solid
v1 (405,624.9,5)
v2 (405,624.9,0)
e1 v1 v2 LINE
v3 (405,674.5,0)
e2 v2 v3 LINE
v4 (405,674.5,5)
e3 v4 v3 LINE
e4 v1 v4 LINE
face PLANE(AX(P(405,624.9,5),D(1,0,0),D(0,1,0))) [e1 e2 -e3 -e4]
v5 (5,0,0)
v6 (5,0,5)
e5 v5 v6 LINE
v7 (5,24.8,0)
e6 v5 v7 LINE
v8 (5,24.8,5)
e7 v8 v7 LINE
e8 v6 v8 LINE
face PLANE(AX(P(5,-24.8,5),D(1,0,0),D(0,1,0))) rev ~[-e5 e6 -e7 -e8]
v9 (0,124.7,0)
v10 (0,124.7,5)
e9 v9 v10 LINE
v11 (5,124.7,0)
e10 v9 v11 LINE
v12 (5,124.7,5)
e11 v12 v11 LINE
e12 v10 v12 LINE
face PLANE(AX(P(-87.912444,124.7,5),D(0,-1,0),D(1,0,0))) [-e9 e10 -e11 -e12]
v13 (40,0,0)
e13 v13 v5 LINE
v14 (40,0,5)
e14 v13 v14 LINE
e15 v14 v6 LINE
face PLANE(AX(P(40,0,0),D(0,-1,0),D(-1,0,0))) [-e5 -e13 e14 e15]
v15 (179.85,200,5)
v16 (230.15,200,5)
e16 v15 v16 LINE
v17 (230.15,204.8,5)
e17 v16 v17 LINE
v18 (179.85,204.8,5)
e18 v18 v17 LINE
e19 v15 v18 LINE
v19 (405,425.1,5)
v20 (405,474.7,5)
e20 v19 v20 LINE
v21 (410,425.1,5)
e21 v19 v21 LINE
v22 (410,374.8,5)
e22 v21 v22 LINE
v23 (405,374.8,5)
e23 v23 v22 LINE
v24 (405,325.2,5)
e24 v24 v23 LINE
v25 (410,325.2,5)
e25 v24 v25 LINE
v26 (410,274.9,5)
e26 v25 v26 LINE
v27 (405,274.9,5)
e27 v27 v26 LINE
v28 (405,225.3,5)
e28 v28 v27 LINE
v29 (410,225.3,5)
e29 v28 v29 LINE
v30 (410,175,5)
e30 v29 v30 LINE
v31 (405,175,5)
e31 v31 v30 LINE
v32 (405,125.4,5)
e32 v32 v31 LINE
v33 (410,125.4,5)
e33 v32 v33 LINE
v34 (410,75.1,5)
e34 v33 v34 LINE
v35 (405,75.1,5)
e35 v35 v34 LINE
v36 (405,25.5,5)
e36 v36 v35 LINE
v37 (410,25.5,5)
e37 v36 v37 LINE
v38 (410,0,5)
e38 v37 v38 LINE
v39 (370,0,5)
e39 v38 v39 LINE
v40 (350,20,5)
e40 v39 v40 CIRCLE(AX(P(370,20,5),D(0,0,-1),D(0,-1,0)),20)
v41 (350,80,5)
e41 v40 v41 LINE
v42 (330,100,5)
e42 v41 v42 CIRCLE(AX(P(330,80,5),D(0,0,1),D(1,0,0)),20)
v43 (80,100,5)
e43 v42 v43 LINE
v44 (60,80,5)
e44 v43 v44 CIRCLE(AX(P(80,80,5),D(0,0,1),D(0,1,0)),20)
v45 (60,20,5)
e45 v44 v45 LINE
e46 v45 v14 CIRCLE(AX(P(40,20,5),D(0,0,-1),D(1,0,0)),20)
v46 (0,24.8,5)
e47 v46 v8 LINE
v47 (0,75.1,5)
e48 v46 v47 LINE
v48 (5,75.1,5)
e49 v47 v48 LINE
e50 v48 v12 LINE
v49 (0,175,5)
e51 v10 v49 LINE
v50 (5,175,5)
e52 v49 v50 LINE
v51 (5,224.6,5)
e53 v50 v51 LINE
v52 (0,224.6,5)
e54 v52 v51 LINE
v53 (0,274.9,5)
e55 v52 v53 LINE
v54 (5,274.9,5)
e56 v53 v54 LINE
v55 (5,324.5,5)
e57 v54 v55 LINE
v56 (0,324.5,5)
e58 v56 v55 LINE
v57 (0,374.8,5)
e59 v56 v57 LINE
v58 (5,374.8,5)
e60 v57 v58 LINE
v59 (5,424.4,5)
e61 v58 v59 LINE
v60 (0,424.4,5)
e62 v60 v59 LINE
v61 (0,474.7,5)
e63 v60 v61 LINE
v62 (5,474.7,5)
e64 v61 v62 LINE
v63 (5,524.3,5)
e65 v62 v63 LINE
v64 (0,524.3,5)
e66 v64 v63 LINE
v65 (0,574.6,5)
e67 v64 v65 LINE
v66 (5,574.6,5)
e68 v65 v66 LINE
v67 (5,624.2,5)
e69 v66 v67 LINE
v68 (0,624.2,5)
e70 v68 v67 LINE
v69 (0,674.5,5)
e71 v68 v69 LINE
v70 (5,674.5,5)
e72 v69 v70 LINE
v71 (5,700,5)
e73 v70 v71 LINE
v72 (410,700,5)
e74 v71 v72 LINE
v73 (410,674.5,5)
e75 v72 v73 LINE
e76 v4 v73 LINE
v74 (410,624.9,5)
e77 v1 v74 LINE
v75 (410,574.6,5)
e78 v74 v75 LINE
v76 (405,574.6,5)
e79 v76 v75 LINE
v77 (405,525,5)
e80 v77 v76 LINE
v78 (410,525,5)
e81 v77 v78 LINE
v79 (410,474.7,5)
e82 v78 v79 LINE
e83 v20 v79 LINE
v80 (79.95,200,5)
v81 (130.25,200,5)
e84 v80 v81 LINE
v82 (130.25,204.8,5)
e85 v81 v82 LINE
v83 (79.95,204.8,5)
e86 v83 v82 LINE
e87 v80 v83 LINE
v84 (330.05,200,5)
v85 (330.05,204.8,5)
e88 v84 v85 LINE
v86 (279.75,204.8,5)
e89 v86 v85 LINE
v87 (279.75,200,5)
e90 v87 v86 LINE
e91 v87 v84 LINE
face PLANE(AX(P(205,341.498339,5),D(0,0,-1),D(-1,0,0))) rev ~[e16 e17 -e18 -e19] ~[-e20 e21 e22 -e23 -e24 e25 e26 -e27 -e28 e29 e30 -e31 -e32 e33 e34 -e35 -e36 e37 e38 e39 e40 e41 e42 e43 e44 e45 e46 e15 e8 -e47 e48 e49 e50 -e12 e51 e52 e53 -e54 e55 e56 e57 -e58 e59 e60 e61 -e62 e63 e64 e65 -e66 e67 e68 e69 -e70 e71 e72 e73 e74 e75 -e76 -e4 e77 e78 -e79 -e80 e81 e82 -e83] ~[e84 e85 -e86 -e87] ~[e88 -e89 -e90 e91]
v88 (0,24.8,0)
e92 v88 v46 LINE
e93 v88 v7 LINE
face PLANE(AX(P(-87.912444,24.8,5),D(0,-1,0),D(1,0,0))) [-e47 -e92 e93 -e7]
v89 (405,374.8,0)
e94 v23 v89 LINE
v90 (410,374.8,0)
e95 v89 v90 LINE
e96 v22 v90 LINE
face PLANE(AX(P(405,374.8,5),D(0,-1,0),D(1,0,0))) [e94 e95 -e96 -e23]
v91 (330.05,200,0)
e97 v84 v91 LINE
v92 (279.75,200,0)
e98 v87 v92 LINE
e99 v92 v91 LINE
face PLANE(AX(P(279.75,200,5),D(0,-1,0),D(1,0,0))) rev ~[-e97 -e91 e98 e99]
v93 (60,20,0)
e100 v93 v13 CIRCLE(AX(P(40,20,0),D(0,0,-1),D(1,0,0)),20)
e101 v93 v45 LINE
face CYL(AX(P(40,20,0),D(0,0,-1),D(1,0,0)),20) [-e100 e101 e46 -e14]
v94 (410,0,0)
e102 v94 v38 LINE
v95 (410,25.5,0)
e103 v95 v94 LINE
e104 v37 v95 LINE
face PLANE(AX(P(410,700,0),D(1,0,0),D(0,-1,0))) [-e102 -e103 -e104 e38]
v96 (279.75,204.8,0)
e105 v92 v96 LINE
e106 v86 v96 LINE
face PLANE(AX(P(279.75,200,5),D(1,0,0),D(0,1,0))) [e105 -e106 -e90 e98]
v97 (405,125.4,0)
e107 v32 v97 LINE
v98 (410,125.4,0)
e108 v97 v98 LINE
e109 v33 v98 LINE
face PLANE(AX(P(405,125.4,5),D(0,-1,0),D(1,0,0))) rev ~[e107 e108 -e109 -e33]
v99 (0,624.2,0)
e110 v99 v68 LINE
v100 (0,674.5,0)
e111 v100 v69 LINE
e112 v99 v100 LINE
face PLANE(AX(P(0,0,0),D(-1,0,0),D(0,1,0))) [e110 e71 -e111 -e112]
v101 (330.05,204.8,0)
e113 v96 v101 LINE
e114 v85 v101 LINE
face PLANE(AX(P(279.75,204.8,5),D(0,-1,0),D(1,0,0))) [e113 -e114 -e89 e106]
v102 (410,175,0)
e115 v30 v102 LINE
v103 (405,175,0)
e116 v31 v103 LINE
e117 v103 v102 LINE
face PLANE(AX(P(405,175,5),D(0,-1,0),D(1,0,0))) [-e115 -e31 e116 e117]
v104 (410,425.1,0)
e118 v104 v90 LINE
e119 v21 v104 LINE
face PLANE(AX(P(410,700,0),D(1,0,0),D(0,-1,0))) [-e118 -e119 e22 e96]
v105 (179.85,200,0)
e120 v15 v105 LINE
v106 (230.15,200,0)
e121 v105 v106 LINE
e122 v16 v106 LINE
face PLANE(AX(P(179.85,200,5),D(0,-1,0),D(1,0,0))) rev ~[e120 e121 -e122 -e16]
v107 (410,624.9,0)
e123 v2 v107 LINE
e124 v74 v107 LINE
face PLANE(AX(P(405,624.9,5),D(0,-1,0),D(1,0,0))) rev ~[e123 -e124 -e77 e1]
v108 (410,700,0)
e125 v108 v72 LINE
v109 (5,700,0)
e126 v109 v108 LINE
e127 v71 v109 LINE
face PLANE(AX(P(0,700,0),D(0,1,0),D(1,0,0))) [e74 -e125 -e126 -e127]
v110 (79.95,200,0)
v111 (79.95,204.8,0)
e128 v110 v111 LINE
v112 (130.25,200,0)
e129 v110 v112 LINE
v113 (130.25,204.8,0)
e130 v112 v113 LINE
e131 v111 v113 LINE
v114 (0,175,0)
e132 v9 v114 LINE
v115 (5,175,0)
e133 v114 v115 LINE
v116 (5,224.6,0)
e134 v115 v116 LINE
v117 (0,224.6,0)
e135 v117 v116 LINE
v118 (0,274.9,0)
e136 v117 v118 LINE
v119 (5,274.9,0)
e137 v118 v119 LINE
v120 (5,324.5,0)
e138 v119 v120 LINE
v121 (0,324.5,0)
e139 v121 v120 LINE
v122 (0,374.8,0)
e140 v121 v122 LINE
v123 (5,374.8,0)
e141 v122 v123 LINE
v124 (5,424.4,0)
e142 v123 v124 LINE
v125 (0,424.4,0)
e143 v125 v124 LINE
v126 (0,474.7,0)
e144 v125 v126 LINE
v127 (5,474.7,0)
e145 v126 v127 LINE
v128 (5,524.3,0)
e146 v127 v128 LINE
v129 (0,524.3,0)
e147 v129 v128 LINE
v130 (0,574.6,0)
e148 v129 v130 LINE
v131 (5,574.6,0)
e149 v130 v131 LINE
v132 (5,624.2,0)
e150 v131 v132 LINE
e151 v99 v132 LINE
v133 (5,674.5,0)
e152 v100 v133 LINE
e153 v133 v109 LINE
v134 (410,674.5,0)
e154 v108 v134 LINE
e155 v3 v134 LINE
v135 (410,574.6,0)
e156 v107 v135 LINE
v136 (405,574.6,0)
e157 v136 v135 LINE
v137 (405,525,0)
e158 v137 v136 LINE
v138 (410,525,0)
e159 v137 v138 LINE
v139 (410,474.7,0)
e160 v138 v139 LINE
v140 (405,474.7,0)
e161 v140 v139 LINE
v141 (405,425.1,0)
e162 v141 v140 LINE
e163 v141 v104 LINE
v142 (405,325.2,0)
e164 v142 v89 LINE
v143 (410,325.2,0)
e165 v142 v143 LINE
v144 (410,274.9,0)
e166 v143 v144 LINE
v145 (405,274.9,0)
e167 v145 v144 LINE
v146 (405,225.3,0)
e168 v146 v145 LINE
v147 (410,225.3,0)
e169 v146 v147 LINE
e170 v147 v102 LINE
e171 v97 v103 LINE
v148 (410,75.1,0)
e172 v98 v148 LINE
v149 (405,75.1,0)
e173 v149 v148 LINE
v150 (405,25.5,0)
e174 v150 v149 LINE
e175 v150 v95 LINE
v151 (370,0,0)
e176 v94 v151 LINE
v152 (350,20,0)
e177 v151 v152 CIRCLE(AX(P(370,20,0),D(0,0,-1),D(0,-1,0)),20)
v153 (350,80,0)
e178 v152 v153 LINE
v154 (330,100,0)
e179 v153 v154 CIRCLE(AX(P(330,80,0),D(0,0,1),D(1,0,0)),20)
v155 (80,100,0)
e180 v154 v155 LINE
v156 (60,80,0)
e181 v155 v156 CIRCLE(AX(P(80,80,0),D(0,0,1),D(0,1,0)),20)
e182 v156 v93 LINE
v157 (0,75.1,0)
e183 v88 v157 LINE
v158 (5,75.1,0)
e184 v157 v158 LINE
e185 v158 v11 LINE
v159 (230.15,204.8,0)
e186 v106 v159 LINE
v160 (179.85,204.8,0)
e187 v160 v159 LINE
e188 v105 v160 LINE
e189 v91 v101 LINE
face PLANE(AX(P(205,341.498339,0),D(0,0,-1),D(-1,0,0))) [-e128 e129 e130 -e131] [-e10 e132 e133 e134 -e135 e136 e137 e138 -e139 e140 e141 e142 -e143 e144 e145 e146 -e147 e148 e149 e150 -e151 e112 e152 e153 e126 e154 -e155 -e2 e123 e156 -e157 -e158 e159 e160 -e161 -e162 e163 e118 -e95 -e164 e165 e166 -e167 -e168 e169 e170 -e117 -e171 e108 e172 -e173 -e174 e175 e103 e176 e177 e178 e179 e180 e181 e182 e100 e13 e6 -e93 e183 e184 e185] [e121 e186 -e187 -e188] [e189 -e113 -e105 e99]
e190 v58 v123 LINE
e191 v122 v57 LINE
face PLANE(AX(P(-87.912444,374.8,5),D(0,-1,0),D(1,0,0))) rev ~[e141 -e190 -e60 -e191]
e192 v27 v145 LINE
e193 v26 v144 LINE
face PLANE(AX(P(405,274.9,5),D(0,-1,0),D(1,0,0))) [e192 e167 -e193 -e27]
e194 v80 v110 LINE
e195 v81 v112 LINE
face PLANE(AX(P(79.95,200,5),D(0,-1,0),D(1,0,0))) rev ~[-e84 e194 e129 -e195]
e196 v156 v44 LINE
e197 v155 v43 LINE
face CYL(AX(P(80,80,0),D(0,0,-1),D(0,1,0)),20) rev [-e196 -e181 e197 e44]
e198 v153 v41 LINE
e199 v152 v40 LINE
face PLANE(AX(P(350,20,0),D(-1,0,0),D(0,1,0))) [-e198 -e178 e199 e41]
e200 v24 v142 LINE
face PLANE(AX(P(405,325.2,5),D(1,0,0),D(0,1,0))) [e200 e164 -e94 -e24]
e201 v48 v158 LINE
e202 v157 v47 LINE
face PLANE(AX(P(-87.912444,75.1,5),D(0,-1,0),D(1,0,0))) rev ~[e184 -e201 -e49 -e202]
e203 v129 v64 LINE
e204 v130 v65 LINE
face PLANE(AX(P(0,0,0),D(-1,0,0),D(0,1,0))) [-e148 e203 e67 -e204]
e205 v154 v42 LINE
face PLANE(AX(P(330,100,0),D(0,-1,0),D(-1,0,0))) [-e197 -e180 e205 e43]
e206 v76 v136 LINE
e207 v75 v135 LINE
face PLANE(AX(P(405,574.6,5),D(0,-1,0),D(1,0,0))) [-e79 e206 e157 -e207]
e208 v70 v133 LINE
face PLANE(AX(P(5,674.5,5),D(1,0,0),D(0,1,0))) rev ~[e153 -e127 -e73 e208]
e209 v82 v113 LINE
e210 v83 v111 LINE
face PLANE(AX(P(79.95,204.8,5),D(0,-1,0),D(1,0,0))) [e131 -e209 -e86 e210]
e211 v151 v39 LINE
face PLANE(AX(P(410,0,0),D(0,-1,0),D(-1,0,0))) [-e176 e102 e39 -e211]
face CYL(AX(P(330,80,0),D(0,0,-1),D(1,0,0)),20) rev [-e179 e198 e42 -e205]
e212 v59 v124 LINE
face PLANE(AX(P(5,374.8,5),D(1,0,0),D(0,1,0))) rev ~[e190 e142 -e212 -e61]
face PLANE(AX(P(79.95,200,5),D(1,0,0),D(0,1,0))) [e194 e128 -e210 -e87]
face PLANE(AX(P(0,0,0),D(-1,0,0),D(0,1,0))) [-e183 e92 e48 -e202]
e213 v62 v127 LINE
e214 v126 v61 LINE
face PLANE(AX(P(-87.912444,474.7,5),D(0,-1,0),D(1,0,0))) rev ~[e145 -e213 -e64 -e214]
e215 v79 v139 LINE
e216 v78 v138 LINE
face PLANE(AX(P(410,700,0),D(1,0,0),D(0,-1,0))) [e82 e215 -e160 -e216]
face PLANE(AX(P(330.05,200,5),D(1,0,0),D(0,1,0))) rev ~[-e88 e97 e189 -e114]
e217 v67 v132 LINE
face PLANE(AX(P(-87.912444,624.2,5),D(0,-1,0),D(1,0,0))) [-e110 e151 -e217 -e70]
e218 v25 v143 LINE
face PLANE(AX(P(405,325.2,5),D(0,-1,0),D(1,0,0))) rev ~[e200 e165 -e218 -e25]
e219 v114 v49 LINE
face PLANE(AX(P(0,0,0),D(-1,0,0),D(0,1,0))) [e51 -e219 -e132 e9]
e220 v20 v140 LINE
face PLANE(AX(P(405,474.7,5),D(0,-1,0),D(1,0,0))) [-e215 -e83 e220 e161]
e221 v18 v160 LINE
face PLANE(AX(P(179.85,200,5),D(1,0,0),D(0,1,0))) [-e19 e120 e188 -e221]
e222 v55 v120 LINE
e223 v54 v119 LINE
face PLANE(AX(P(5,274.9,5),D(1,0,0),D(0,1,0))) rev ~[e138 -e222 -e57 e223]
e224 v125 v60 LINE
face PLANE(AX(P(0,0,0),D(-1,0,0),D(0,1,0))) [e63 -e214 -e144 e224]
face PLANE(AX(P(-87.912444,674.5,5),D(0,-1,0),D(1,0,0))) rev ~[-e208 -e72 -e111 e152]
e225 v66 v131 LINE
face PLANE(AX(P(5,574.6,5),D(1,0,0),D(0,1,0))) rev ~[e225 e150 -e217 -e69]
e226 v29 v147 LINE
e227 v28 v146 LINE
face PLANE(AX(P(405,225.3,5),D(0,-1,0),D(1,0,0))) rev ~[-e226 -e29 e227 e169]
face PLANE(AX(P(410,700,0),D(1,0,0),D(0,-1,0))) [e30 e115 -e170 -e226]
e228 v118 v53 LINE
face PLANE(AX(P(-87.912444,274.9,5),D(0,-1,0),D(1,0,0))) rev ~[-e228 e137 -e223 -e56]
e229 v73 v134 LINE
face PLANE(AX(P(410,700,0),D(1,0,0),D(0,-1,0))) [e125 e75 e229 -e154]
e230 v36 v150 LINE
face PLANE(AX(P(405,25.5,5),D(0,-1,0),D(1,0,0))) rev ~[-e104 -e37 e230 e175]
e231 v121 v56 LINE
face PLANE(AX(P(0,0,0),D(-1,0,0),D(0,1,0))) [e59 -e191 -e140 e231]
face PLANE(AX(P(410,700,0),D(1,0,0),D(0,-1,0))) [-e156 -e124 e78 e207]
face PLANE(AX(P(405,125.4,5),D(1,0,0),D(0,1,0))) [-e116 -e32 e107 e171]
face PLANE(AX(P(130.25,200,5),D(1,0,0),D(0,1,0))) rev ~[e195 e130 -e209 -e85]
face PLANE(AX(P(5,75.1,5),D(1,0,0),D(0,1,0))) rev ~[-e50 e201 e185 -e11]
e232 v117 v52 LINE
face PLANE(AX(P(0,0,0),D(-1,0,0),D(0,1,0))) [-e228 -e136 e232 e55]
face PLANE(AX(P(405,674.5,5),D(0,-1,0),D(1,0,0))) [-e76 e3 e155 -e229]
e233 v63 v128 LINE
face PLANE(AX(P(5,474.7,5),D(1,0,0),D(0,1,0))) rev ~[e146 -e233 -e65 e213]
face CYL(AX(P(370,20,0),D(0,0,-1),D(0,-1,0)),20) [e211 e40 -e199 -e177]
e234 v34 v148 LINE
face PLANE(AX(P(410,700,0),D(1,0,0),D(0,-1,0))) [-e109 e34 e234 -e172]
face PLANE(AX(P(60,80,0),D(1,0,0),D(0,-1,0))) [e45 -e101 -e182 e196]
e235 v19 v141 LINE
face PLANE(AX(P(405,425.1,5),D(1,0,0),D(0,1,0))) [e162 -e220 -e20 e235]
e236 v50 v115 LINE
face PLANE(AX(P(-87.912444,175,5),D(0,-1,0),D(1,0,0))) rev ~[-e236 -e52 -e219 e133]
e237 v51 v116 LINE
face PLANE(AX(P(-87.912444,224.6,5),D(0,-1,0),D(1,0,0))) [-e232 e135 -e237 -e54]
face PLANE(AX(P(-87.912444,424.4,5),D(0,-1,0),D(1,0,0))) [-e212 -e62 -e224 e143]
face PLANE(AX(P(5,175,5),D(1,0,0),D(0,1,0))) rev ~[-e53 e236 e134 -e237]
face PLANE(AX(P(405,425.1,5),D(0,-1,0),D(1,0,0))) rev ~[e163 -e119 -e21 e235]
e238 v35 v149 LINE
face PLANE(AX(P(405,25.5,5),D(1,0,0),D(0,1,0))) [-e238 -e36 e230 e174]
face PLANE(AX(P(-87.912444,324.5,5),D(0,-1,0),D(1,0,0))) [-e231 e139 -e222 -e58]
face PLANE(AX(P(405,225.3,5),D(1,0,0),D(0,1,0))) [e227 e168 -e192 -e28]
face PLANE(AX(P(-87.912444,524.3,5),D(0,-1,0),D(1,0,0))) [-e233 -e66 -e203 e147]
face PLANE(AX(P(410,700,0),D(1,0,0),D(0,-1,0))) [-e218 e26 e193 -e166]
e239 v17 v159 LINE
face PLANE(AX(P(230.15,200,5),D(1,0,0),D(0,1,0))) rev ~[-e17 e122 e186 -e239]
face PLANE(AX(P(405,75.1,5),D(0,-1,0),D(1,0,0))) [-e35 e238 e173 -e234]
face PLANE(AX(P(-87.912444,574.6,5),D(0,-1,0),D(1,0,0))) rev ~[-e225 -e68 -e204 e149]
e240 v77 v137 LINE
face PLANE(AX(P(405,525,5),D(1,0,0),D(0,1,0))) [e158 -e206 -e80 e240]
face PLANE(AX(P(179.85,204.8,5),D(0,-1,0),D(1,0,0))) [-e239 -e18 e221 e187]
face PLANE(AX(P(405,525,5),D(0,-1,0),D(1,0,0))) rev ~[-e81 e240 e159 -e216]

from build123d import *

# Parameters (mm, degrees)
AUFSATZ_LINEAR_AUSTRAGEN1_DEPTH = 5
SKIZZE2_W                       = 50.3
SKIZZE2_H                       = 4.8
SCHNITT_LINEAR_AUSTRAGEN1_DEPTH = 5
LINEARES_MUSTER1_COUNT          = 3
LINEARES_MUSTER1_PITCH          = 99.9
SKIZZE3_W                       = 92.912444059
SKIZZE3_H                       = 49.6
SCHNITT_LINEAR_AUSTRAGEN2_DEPTH = 5
LINEARES_MUSTER2_COUNT          = 8
LINEARES_MUSTER2_PITCH          = 99.9
SKIZZE4_W                       = 86.468004991
SKIZZE4_H                       = 49.6
SCHNITT_LINEAR_AUSTRAGEN4_DEPTH = 5
LINEARES_MUSTER3_COUNT          = 7
LINEARES_MUSTER3_PITCH          = 99.9


with BuildPart() as part:
    # Skizze1 → Aufsatz-Linear austragen1 (new body)
    with BuildSketch(Plane.XY):
        with BuildLine():
            Line((0, 0), (0, 700))
            Line((0, 700), (410, 700))
            Line((410, 700), (410, 0))
            Line((410, 0), (370, 0))
            ThreePointArc((370, 0), (355.857864376, 5.857864376), (350, 20))
            Line((350, 20), (350, 80))
            ThreePointArc((350, 80), (344.142135624, 94.142135624), (330, 100))
            Line((330, 100), (80, 100))
            ThreePointArc((80, 100), (65.857864376, 94.142135624), (60, 80))
            Line((60, 80), (60, 20))
            ThreePointArc((60, 20), (54.142135624, 5.857864376), (40, 0))
            Line((40, 0), (0, 0))
        make_face()
    extrude(amount=AUFSATZ_LINEAR_AUSTRAGEN1_DEPTH)

    # Skizze2 → Schnitt-Linear austragen1 (cut)
    with BuildSketch(Plane.XY.offset(5)):
        with Locations((105.1, 202.4)):
            Rectangle(SKIZZE2_W, SKIZZE2_H)
    schnitt_linear_austragen1 = extrude(amount=-SCHNITT_LINEAR_AUSTRAGEN1_DEPTH, mode=Mode.SUBTRACT)

    # Lineares Muster1: Schnitt-Linear austragen1 ×3
    with Locations(*[(i * LINEARES_MUSTER1_PITCH, 0, 0) for i in range(1, LINEARES_MUSTER1_COUNT)]):
        add(schnitt_linear_austragen1, mode=Mode.SUBTRACT)

    # Skizze3 → Schnitt-Linear austragen2 (cut)
    with BuildSketch(Plane.XY.offset(5)):
        with Locations((-41.45622203, 699.3)):
            Rectangle(SKIZZE3_W, SKIZZE3_H)
    schnitt_linear_austragen2 = extrude(amount=-SCHNITT_LINEAR_AUSTRAGEN2_DEPTH, mode=Mode.SUBTRACT)

    # Lineares Muster2: Schnitt-Linear austragen2 ×8
    with Locations(*[(0, -i * LINEARES_MUSTER2_PITCH, 0) for i in range(1, LINEARES_MUSTER2_COUNT)]):
        add(schnitt_linear_austragen2, mode=Mode.SUBTRACT)

    # Skizze4 → Schnitt-Linear austragen4 (cut)
    with BuildSketch(Plane.XY.offset(5)):
        with Locations((448.234002496, 649.7)):
            Rectangle(SKIZZE4_W, SKIZZE4_H)
    schnitt_linear_austragen4 = extrude(amount=-SCHNITT_LINEAR_AUSTRAGEN4_DEPTH, mode=Mode.SUBTRACT)

    # Lineares Muster3: Schnitt-Linear austragen4 ×7
    with Locations(*[(0, -i * LINEARES_MUSTER3_PITCH, 0) for i in range(1, LINEARES_MUSTER3_COUNT)]):
        add(schnitt_linear_austragen4, mode=Mode.SUBTRACT)


solid = part.part
